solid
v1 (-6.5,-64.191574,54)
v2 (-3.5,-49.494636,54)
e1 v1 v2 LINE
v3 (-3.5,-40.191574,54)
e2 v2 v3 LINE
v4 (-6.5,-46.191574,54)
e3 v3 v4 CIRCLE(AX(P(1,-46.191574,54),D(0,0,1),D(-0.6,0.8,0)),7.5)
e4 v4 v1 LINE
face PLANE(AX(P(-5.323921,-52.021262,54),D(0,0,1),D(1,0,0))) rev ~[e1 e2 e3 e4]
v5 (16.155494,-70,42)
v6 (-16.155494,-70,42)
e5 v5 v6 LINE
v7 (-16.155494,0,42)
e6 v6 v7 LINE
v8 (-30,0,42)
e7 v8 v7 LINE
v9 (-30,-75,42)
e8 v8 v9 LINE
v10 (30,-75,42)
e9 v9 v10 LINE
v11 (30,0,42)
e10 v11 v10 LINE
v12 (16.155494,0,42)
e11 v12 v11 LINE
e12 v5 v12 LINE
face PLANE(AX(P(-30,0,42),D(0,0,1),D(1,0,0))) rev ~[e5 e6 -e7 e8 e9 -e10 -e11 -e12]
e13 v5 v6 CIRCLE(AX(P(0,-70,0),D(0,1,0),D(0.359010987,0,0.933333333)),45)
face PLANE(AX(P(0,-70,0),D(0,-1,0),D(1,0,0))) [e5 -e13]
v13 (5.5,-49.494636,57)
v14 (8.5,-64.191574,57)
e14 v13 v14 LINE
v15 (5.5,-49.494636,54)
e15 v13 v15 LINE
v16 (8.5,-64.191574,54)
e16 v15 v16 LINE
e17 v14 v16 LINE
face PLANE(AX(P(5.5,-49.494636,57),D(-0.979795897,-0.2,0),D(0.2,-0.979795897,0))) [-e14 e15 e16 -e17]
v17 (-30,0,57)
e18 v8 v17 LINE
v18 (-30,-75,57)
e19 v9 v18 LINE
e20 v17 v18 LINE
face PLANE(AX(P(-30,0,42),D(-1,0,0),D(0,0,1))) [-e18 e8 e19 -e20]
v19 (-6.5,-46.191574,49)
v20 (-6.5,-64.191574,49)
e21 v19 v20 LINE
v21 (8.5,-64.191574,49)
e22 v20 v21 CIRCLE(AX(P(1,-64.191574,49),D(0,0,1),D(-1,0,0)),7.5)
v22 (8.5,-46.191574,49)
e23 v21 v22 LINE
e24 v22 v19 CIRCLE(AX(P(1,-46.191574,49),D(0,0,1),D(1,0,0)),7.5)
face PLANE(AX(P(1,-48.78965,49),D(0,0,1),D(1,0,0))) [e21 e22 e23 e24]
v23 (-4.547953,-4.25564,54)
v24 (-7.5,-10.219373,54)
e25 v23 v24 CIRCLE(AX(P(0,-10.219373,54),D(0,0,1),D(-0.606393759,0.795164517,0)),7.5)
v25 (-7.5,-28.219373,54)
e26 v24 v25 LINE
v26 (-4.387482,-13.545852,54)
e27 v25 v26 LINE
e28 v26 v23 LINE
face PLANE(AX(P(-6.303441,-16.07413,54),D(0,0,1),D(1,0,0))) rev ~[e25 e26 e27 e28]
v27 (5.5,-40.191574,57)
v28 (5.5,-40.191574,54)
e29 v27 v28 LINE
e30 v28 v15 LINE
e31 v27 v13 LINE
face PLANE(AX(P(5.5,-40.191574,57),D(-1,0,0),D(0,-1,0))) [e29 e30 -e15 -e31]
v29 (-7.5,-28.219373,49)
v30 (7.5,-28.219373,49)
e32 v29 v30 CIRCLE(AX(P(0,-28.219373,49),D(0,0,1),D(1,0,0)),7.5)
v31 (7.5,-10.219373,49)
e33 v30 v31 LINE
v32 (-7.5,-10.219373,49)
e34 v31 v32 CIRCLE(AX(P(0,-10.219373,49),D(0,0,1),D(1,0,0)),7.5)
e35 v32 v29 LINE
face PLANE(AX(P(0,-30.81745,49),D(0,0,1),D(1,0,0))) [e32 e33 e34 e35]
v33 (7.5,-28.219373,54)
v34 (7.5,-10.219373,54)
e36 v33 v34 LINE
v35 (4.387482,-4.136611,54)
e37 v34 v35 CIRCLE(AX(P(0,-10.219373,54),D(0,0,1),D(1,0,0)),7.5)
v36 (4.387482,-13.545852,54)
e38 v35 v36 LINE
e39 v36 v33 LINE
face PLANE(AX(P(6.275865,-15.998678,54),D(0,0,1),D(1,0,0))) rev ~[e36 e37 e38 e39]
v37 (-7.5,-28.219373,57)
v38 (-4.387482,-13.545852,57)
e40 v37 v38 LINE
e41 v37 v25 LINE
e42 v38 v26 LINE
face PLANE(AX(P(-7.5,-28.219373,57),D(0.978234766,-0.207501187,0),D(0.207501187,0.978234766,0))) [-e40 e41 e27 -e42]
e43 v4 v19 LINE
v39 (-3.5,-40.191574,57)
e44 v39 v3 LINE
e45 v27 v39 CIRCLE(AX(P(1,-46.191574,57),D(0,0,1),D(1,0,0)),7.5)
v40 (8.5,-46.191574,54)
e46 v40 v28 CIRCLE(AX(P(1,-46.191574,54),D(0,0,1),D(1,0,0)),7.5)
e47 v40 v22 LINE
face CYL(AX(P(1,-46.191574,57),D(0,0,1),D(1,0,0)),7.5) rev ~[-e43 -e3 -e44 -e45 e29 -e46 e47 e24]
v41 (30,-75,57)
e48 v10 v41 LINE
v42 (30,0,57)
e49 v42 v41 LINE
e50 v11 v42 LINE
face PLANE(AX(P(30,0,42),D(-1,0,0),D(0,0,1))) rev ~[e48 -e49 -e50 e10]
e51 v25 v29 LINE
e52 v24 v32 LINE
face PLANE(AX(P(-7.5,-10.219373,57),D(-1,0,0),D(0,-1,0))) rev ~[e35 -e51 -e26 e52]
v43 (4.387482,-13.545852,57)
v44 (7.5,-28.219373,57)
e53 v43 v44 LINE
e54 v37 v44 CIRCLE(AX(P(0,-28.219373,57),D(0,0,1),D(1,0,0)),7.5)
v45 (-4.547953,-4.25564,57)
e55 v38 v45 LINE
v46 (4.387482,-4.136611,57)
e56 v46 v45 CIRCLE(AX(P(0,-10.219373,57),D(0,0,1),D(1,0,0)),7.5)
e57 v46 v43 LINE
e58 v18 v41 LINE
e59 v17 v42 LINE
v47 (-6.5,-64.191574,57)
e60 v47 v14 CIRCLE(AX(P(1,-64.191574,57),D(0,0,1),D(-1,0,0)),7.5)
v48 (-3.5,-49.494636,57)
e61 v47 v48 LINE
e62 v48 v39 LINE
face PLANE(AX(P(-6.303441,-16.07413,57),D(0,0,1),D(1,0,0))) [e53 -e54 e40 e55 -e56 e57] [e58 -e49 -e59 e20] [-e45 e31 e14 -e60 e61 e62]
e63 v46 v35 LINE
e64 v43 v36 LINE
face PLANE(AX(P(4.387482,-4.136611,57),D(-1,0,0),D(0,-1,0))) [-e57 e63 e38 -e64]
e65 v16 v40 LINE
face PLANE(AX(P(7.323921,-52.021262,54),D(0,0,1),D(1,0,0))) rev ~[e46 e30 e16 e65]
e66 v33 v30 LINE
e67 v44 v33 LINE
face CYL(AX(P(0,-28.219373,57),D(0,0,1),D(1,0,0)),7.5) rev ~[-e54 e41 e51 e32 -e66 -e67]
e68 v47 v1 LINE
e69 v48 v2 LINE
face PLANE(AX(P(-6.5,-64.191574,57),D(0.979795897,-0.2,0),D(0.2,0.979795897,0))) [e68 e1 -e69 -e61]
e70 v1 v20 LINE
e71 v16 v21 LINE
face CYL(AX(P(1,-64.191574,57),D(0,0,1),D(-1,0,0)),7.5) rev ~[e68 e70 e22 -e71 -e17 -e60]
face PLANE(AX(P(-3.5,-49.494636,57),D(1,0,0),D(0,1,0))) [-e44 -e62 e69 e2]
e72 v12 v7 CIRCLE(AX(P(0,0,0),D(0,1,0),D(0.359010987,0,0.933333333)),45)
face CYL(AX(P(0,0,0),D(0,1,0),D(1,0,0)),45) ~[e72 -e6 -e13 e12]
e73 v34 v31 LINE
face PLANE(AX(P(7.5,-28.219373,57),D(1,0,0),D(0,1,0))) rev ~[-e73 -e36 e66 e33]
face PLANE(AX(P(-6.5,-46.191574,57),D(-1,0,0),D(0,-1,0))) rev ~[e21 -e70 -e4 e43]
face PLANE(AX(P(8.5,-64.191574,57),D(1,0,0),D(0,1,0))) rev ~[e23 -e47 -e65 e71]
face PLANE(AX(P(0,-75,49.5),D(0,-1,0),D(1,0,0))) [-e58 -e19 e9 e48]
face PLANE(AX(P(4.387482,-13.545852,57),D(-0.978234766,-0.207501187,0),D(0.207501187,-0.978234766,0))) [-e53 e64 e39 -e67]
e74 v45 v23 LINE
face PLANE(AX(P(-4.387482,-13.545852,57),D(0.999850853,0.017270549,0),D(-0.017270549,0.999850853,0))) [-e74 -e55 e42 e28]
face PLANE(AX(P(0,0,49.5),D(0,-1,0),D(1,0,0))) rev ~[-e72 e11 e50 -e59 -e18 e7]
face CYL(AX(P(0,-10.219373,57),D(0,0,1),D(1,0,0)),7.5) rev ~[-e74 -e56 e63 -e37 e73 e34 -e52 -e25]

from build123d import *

# Parameters (mm, degrees)
F0_R     = 45
F1_DEPTH = 70
F2_W     = 60
F2_H     = 15
F3_DEPTH = 75
F5_DEPTH = 8
F7_DEPTH = 3


with BuildPart() as f1:
    # F0 (on Front) → F1 (new body)
    with BuildSketch(Plane.XZ):
        Circle(F0_R)
    extrude(amount=F1_DEPTH)

    # F2 (on Front) → F3 (join)
    with BuildSketch(Plane.XZ):
        with Locations((0, 49.5)):
            Rectangle(F2_W, F2_H)
    extrude(amount=F3_DEPTH)

    # F4 (on face) → F5 (cut)
    with BuildSketch(Plane.XY.offset(57)):
        with BuildLine():
            Line((7.5, -28.2193734366), (-7.5, -28.2193734366))
            ThreePointArc((-7.5, -28.2193734366), (0, -35.7193734366), (7.5, -28.2193734366))
        make_face()
        with BuildLine():
            ThreePointArc((7.5, -28.2193734366), (0, -20.7193734366), (-7.5, -28.2193734366))
            Line((-7.5, -28.2193734366), (7.5, -28.2193734366))
        make_face()
        with BuildLine():
            Line((7.5, -10.2193734366), (-7.5, -10.2193734366))
            ThreePointArc((-7.5, -10.2193734366), (0, -17.7193734366), (7.5, -10.2193734366))
        make_face()
        with BuildLine():
            Line((8.5, -46.1915741923), (-6.5, -46.1915741923))
            ThreePointArc((-6.5, -46.1915741923), (1, -53.6915741923), (8.5, -46.1915741923))
        make_face()
        with BuildLine():
            ThreePointArc((8.5, -64.1915741923), (1, -56.6915741923), (-6.5, -64.1915741923))
            Line((-6.5, -64.1915741923), (8.5, -64.1915741923))
        make_face()
        with BuildLine():
            Line((8.5, -64.1915741923), (-6.5, -64.1915741923))
            ThreePointArc((-6.5, -64.1915741923), (1, -71.6915741923), (8.5, -64.1915741923))
        make_face()
        with BuildLine():
            ThreePointArc((8.5, -46.1915741923), (1, -38.6915741923), (-6.5, -46.1915741923))
            Line((-6.5, -46.1915741923), (8.5, -46.1915741923))
        make_face()
        with BuildLine():
            ThreePointArc((7.5, -10.2193734366), (0, -2.7193734366), (-7.5, -10.2193734366))
            Line((-7.5, -10.2193734366), (7.5, -10.2193734366))
        make_face()
        with BuildLine():
            ThreePointArc((7.5, -10.2193734366), (0, -17.7193734366), (-7.5, -10.2193734366))
            Line((-7.5, -10.2193734366), (-7.5, -28.2193734366))
            ThreePointArc((-7.5, -28.2193734366), (0, -20.7193734366), (7.5, -28.2193734366))
            Line((7.5, -28.2193734366), (7.5, -10.2193734366))
        make_face()
        with BuildLine():
            ThreePointArc((8.5, -46.1915741923), (1, -53.6915741923), (-6.5, -46.1915741923))
            Line((-6.5, -46.1915741923), (-6.5, -64.1915741923))
            ThreePointArc((-6.5, -64.1915741923), (1, -56.6915741923), (8.5, -64.1915741923))
            Line((8.5, -64.1915741923), (8.5, -46.1915741923))
        make_face()
    extrude(amount=-F5_DEPTH, mode=Mode.SUBTRACT)

    # F6 (on face) → F7 (join)
    with BuildSketch(Plane.XY.offset(57)):
        with BuildLine():
            Line((-7.5, -10.2193734366), (-7.5, -28.2193734366))
            Line((-7.5, -28.2193734366), (-4.3874821937, -13.5458519471))
            Line((-4.3874821937, -13.5458519471), (-4.5479531951, -4.2556395614))
            ThreePointArc((-4.5479531951, -4.2556395614), (-6.7215938944, -6.8921861082), (-7.5, -10.2193734366))
        make_face()
        with BuildLine():
            Line((4.3874821937, -13.5458519471), (7.5, -28.2193734366))
            Line((7.5, -28.2193734366), (7.5, -10.2193734366))
            ThreePointArc((7.5, -10.2193734366), (6.67668018, -6.802951072), (4.3874821937, -4.1366109064))
            Line((4.3874821937, -4.1366109064), (4.3874821937, -13.5458519471))
        make_face()
        with BuildLine():
            Line((5.5, -49.4946357356), (8.5, -64.1915741923))
            Line((8.5, -64.1915741923), (8.5, -46.1915741923))
            ThreePointArc((8.5, -46.1915741923), (7.7082039325, -42.837472226), (5.5, -40.1915741923))
            Line((5.5, -40.1915741923), (5.5, -49.4946357356))
        make_face()
        with BuildLine():
            Line((-6.5, -46.1915741923), (-6.5, -64.1915741923))
            Line((-6.5, -64.1915741923), (-3.5, -49.4946357356))
            Line((-3.5, -49.4946357356), (-3.5, -40.1915741923))
            ThreePointArc((-3.5, -40.1915741923), (-5.7082039325, -42.837472226), (-6.5, -46.1915741923))
        make_face()
    extrude(amount=-F7_DEPTH)


solid = f1.part
